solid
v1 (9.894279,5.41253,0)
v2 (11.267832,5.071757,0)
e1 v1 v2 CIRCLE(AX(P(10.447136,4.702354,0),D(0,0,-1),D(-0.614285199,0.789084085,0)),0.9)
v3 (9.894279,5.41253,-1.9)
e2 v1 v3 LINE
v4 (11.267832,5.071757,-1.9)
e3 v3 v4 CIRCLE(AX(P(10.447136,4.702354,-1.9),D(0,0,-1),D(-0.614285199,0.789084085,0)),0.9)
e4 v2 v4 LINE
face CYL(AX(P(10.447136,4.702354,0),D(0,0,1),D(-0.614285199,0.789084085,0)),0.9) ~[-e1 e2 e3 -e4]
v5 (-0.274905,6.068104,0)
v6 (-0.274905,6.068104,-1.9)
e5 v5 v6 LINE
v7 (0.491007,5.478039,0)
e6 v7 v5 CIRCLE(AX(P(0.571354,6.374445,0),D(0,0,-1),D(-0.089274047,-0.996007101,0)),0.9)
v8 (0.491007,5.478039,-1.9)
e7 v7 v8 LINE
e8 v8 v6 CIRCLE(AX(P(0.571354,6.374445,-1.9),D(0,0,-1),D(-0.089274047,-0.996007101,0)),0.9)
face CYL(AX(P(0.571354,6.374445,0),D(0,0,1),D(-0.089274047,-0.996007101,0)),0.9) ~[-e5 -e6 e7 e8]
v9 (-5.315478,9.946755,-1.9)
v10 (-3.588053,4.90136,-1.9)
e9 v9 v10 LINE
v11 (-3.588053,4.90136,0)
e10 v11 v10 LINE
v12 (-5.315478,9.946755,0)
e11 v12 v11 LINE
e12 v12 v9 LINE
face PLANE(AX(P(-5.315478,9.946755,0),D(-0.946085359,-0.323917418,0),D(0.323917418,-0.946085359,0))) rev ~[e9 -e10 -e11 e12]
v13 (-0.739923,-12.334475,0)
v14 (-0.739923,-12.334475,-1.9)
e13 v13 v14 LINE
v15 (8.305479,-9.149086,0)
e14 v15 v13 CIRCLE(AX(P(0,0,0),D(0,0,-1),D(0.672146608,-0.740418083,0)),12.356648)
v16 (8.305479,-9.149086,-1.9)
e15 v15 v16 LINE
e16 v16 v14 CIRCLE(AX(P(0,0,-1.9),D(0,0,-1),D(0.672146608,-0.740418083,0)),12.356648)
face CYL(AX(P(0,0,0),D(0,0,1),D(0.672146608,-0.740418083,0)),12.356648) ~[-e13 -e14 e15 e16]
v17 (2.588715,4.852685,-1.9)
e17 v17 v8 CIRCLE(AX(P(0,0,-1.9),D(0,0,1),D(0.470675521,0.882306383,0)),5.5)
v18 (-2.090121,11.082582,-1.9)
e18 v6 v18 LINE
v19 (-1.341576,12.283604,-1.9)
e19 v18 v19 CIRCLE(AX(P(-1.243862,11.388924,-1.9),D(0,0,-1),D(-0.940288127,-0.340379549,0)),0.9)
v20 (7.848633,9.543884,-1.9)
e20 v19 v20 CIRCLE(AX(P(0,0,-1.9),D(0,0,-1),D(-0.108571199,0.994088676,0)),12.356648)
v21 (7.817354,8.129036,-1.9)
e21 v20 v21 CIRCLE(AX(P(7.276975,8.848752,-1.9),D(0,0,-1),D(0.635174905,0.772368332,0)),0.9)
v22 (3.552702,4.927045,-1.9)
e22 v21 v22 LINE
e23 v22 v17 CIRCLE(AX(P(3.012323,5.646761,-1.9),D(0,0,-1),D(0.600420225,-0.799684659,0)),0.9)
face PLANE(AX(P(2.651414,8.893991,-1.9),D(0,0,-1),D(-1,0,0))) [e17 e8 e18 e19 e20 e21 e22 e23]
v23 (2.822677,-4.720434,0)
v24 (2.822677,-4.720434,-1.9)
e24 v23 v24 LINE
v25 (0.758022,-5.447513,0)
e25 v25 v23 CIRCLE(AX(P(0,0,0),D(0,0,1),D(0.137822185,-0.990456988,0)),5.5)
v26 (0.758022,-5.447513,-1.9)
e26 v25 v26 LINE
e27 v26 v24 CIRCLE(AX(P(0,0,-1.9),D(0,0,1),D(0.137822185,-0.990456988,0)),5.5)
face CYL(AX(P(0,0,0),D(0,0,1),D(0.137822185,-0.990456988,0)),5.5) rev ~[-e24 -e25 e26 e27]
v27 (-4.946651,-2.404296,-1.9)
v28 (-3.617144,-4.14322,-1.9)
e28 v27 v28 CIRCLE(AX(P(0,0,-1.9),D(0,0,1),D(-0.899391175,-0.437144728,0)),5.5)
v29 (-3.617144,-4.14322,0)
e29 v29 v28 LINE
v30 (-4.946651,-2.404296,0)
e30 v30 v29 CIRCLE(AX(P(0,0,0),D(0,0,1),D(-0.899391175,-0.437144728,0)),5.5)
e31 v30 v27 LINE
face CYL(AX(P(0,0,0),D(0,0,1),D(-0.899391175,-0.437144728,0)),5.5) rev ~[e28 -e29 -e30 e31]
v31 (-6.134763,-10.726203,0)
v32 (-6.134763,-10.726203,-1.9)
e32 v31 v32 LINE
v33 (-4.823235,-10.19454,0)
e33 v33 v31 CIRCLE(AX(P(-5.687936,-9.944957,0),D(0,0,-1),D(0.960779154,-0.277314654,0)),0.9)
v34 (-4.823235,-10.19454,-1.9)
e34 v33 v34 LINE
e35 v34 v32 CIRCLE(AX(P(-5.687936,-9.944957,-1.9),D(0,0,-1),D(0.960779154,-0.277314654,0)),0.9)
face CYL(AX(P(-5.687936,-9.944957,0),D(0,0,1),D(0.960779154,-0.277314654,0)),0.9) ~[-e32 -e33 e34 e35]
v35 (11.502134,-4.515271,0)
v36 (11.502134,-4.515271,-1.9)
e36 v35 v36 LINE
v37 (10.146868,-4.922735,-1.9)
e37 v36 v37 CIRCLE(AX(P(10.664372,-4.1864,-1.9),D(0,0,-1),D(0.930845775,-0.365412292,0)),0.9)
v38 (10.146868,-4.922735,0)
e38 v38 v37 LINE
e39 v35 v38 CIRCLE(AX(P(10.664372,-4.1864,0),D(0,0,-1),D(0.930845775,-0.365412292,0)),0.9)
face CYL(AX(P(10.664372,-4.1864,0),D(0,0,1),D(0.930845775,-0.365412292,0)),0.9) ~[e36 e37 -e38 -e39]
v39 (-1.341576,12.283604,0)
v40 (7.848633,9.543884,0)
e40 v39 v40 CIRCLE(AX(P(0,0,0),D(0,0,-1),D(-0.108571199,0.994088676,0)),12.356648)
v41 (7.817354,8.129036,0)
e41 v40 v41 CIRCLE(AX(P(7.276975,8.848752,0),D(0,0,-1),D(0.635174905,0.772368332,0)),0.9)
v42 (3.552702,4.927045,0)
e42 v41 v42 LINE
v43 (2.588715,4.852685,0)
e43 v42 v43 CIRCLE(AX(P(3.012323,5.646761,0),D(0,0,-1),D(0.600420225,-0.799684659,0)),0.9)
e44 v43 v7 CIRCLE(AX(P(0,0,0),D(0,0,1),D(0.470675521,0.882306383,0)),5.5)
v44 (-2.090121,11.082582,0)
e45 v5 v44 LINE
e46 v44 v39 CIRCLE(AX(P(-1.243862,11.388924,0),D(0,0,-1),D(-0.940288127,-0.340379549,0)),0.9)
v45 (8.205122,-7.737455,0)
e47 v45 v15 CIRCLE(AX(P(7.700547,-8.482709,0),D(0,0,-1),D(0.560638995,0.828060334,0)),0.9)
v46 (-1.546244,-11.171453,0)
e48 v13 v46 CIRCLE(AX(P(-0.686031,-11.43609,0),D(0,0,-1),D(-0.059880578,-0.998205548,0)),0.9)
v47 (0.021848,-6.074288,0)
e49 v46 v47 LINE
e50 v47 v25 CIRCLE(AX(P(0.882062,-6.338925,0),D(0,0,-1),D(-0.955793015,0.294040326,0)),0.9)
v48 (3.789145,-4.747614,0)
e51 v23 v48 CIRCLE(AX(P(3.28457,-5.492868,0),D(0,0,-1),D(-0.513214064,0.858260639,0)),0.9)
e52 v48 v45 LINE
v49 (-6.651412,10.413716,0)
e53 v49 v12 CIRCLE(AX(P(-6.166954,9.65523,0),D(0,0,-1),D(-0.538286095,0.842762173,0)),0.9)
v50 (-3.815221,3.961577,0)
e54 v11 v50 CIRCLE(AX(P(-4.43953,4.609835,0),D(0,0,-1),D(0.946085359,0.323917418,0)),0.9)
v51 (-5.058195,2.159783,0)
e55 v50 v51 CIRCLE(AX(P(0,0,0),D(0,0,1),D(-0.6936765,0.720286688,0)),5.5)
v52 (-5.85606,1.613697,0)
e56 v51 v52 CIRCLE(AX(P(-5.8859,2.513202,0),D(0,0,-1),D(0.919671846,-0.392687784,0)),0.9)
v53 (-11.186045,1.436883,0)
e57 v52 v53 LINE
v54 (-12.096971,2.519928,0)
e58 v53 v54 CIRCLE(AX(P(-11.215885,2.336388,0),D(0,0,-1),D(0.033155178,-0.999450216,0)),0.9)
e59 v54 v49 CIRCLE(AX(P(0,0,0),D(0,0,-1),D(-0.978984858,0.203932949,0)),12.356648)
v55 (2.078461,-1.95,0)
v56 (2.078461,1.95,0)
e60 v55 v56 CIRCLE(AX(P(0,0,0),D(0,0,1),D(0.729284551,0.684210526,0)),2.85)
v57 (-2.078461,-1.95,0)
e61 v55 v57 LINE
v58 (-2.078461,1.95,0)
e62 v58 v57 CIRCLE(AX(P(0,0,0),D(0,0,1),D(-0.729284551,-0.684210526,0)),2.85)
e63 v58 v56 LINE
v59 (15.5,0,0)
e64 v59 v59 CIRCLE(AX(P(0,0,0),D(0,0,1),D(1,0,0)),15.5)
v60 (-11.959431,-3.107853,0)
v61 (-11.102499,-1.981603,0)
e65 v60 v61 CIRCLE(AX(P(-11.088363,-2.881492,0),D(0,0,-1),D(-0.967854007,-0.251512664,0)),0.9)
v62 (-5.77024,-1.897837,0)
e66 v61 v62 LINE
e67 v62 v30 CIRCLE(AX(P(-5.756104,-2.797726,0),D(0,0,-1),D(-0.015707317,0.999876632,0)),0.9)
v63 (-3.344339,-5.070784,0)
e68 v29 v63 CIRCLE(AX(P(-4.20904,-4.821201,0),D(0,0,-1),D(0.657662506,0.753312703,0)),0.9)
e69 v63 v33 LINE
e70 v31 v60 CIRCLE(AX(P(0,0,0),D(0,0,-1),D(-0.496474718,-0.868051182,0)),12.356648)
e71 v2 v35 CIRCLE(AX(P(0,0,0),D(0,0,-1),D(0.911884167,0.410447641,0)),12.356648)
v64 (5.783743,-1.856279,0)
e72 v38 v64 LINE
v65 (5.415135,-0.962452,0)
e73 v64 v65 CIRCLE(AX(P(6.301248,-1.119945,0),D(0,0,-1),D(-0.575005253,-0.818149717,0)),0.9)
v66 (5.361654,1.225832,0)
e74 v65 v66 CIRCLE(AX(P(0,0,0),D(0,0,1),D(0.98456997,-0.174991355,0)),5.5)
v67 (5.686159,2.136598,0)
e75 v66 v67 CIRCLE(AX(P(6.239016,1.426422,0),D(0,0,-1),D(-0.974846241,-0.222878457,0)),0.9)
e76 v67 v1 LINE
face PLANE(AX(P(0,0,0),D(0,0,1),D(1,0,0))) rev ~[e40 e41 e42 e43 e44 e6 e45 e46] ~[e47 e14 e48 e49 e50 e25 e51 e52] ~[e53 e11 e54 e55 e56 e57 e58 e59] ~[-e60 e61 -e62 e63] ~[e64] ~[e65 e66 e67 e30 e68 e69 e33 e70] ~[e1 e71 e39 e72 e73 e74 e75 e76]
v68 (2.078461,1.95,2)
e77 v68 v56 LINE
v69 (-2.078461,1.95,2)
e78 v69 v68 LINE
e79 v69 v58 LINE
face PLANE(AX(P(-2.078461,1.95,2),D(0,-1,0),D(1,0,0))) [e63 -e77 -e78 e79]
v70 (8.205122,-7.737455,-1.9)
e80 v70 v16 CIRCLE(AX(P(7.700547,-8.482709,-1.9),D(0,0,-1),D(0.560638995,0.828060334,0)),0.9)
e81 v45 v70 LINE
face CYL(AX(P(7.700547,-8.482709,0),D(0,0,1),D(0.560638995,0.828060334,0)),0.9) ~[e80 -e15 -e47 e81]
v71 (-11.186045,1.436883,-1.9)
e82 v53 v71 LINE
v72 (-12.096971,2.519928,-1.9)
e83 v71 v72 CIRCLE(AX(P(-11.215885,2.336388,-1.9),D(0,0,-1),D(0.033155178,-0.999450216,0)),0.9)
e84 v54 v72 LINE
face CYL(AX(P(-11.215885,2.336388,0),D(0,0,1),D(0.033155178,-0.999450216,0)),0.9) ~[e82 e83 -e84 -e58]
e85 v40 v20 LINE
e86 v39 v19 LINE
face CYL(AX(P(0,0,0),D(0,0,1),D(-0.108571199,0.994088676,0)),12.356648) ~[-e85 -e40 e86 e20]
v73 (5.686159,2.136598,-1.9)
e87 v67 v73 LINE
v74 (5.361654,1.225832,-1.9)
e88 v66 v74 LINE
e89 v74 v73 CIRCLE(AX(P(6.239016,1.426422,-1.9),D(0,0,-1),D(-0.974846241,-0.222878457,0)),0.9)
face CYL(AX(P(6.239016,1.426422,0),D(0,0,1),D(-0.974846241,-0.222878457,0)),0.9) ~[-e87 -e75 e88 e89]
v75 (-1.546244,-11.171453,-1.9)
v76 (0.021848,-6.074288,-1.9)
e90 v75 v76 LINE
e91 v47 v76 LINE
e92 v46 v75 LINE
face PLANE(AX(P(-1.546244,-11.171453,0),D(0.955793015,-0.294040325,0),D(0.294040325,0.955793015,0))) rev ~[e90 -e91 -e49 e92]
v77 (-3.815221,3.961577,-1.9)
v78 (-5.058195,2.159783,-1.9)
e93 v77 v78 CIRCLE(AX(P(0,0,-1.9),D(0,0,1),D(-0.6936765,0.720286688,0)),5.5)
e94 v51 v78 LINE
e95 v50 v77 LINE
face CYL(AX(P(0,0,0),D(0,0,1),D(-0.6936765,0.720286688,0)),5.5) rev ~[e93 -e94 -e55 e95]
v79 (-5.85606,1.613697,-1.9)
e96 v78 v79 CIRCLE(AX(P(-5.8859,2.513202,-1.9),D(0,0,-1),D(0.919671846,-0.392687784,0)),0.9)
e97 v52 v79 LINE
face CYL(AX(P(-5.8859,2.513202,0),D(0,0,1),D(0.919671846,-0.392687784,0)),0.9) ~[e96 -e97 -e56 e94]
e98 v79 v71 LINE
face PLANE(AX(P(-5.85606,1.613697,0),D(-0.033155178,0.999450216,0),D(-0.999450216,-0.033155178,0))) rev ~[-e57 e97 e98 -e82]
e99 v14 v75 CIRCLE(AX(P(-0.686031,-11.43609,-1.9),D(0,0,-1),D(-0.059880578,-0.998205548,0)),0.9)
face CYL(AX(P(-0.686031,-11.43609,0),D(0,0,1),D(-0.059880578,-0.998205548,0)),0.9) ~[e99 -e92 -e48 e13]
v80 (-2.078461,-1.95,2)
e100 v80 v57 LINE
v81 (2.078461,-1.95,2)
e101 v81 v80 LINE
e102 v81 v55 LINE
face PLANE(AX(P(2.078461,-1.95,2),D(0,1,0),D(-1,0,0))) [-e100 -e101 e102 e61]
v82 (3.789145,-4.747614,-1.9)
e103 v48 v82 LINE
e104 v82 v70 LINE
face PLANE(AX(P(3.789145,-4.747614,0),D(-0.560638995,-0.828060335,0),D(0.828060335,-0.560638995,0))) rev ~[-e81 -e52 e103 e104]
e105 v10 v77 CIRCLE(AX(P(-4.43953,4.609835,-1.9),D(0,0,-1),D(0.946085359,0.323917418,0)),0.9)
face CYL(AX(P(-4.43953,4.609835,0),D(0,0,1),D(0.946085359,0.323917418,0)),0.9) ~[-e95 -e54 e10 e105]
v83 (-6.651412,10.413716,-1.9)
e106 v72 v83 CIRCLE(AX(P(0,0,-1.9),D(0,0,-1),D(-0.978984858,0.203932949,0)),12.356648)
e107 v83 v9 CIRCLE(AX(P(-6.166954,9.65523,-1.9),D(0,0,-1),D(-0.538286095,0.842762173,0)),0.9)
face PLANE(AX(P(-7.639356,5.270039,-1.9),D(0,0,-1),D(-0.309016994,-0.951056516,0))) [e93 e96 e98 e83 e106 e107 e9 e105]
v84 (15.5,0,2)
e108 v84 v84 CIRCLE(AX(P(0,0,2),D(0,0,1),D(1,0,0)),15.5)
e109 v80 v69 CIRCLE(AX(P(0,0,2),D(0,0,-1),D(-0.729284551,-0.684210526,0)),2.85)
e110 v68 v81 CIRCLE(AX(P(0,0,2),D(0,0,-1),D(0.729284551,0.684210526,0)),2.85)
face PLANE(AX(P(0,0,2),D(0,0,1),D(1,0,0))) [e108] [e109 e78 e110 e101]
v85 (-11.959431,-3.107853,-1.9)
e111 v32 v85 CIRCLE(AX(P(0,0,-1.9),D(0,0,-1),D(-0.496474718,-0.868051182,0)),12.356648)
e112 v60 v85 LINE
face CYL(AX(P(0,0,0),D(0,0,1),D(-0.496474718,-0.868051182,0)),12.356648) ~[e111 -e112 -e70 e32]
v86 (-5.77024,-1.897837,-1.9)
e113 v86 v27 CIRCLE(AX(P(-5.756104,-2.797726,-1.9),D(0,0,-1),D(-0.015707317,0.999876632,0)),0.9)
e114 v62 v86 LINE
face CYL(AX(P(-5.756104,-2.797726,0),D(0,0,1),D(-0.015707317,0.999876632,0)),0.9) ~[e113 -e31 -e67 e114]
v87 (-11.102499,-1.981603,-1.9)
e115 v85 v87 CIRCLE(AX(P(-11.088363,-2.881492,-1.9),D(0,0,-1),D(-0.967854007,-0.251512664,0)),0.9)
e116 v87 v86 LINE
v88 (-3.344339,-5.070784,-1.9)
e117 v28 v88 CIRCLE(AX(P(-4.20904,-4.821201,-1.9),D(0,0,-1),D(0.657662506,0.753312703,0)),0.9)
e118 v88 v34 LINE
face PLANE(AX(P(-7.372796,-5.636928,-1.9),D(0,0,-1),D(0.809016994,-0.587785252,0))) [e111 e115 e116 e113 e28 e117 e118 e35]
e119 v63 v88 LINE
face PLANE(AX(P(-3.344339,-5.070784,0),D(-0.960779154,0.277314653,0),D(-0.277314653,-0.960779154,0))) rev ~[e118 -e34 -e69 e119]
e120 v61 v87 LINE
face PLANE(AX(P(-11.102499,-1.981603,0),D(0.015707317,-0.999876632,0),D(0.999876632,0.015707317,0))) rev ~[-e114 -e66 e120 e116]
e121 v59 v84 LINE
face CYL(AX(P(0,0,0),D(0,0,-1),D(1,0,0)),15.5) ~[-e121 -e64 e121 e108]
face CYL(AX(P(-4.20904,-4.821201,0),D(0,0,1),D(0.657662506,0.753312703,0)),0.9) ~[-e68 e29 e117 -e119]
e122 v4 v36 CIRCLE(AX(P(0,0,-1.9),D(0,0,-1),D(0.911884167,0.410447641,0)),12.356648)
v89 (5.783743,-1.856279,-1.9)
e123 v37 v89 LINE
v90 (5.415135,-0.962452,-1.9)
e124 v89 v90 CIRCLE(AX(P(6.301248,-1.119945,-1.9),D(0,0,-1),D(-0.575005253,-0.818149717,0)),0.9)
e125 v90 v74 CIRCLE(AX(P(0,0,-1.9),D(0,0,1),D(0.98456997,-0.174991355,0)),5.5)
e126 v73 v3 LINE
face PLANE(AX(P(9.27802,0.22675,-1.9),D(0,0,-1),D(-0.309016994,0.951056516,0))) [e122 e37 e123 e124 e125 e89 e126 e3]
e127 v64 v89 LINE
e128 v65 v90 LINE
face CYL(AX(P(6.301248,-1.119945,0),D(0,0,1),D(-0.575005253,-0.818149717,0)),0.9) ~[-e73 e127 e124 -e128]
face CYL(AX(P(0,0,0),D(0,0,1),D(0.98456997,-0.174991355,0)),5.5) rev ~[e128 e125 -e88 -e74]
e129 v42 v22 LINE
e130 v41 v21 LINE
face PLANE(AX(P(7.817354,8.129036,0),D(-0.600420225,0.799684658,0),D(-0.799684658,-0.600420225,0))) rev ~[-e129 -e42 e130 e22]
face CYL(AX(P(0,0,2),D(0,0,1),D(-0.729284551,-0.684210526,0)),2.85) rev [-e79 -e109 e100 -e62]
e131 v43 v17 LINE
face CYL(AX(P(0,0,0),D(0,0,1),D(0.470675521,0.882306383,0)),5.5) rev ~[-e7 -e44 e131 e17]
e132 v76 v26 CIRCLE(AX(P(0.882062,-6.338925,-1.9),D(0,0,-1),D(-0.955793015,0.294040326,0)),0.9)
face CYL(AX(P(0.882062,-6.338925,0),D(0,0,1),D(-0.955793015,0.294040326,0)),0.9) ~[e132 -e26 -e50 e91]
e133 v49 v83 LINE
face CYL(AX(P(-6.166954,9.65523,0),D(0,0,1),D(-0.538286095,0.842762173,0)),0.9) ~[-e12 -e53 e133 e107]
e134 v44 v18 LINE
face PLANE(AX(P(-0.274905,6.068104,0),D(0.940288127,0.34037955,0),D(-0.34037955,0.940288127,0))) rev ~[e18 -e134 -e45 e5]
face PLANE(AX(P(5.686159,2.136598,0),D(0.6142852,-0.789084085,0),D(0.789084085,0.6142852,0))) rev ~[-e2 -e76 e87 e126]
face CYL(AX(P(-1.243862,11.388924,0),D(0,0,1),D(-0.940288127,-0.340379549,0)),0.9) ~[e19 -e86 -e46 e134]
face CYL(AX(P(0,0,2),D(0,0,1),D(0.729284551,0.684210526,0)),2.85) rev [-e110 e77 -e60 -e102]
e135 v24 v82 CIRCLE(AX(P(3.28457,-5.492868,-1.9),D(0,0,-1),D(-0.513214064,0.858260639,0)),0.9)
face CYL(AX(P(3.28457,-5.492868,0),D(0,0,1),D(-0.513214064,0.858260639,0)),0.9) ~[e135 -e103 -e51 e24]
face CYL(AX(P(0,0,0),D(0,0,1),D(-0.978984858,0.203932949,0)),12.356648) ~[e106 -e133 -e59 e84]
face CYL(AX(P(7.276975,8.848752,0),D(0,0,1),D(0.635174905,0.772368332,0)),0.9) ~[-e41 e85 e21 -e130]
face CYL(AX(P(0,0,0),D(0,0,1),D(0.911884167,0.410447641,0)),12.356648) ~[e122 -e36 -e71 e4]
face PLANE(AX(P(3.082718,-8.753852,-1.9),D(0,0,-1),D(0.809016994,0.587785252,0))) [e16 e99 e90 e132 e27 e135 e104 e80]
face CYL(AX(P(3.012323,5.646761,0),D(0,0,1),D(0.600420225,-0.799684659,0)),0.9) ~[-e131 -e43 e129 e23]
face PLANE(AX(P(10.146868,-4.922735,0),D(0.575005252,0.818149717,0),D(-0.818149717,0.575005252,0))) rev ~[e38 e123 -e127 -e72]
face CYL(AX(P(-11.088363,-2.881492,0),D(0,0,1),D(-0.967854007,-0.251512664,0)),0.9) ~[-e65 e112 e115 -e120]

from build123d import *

# Parameters (mm, degrees)
SKETCH1_R           = 15.5
BOSS_EXTRUDE1_DEPTH = 2
BOSS_EXTRUDE2_DEPTH = 1.9
CIRPATTERN1_COUNT   = 5
CUT_EXTRUDE2_DEPTH  = 4.9


with BuildPart() as part:
    # Sketch1 → Boss-Extrude1 (new body)
    with BuildSketch(Plane.XY):
        Circle(SKETCH1_R)
    extrude(amount=BOSS_EXTRUDE1_DEPTH)

    # Sketch2 → Boss-Extrude2 (add)
    with BuildSketch(Plane(origin=(0, 0, 0), x_dir=(-1, 0, 0), z_dir=(0, 0, -1))):
        with BuildLine():
            Line((-7.817353518, 8.129035943), (-3.552701535, 4.927044661))
            ThreePointArc((-3.552701535, 4.927044661), (-3.081541521, 4.749426556), (-2.588715364, 4.852685109))
            ThreePointArc((-2.588715364, 4.852685109), (-1.571286021, 5.27077416), (-0.491007267, 5.478039053))
            ThreePointArc((-0.491007267, 5.478039053), (-0.022087339, 5.66148946), (0.274905404, 6.068103848))
            Line((0.274905404, 6.068103848), (2.090121325, 11.082582471))
            ThreePointArc((2.090121325, 11.082582471), (2.007658151, 11.864965509), (1.341576089, 12.283603874))
            ThreePointArc((1.341576089, 12.283603874), (-3.530150602, 11.841654752), (-7.848632729, 9.543883635))
            ThreePointArc((-7.848632729, 9.543883635), (-8.176755455, 8.82885995), (-7.817353518, 8.129035943))
        make_face()
    boss_extrude2 = extrude(amount=BOSS_EXTRUDE2_DEPTH)

    # CirPattern1: Boss-Extrude2 ×5 about axis
    cirpattern1_axis = Axis((0, 0, 0), (0, 0, 1))
    for i in range(1, CIRPATTERN1_COUNT):
        add(boss_extrude2.rotate(cirpattern1_axis, i * 360 / CIRPATTERN1_COUNT))

    # Sketch5 → Cut-Extrude2 (cut, through all)
    with BuildSketch(Plane.XY.offset(2)):
        with BuildLine():
            Line((-2.078460969, 1.95), (2.078460969, 1.95))
            ThreePointArc((2.078460969, 1.95), (2.85, 0), (2.078460969, -1.95))
            Line((2.078460969, -1.95), (-2.078460969, -1.95))
            ThreePointArc((-2.078460969, -1.95), (-2.85, 0), (-2.078460969, 1.95))
        make_face()
    extrude(amount=-CUT_EXTRUDE2_DEPTH, mode=Mode.SUBTRACT)


solid = part.part
